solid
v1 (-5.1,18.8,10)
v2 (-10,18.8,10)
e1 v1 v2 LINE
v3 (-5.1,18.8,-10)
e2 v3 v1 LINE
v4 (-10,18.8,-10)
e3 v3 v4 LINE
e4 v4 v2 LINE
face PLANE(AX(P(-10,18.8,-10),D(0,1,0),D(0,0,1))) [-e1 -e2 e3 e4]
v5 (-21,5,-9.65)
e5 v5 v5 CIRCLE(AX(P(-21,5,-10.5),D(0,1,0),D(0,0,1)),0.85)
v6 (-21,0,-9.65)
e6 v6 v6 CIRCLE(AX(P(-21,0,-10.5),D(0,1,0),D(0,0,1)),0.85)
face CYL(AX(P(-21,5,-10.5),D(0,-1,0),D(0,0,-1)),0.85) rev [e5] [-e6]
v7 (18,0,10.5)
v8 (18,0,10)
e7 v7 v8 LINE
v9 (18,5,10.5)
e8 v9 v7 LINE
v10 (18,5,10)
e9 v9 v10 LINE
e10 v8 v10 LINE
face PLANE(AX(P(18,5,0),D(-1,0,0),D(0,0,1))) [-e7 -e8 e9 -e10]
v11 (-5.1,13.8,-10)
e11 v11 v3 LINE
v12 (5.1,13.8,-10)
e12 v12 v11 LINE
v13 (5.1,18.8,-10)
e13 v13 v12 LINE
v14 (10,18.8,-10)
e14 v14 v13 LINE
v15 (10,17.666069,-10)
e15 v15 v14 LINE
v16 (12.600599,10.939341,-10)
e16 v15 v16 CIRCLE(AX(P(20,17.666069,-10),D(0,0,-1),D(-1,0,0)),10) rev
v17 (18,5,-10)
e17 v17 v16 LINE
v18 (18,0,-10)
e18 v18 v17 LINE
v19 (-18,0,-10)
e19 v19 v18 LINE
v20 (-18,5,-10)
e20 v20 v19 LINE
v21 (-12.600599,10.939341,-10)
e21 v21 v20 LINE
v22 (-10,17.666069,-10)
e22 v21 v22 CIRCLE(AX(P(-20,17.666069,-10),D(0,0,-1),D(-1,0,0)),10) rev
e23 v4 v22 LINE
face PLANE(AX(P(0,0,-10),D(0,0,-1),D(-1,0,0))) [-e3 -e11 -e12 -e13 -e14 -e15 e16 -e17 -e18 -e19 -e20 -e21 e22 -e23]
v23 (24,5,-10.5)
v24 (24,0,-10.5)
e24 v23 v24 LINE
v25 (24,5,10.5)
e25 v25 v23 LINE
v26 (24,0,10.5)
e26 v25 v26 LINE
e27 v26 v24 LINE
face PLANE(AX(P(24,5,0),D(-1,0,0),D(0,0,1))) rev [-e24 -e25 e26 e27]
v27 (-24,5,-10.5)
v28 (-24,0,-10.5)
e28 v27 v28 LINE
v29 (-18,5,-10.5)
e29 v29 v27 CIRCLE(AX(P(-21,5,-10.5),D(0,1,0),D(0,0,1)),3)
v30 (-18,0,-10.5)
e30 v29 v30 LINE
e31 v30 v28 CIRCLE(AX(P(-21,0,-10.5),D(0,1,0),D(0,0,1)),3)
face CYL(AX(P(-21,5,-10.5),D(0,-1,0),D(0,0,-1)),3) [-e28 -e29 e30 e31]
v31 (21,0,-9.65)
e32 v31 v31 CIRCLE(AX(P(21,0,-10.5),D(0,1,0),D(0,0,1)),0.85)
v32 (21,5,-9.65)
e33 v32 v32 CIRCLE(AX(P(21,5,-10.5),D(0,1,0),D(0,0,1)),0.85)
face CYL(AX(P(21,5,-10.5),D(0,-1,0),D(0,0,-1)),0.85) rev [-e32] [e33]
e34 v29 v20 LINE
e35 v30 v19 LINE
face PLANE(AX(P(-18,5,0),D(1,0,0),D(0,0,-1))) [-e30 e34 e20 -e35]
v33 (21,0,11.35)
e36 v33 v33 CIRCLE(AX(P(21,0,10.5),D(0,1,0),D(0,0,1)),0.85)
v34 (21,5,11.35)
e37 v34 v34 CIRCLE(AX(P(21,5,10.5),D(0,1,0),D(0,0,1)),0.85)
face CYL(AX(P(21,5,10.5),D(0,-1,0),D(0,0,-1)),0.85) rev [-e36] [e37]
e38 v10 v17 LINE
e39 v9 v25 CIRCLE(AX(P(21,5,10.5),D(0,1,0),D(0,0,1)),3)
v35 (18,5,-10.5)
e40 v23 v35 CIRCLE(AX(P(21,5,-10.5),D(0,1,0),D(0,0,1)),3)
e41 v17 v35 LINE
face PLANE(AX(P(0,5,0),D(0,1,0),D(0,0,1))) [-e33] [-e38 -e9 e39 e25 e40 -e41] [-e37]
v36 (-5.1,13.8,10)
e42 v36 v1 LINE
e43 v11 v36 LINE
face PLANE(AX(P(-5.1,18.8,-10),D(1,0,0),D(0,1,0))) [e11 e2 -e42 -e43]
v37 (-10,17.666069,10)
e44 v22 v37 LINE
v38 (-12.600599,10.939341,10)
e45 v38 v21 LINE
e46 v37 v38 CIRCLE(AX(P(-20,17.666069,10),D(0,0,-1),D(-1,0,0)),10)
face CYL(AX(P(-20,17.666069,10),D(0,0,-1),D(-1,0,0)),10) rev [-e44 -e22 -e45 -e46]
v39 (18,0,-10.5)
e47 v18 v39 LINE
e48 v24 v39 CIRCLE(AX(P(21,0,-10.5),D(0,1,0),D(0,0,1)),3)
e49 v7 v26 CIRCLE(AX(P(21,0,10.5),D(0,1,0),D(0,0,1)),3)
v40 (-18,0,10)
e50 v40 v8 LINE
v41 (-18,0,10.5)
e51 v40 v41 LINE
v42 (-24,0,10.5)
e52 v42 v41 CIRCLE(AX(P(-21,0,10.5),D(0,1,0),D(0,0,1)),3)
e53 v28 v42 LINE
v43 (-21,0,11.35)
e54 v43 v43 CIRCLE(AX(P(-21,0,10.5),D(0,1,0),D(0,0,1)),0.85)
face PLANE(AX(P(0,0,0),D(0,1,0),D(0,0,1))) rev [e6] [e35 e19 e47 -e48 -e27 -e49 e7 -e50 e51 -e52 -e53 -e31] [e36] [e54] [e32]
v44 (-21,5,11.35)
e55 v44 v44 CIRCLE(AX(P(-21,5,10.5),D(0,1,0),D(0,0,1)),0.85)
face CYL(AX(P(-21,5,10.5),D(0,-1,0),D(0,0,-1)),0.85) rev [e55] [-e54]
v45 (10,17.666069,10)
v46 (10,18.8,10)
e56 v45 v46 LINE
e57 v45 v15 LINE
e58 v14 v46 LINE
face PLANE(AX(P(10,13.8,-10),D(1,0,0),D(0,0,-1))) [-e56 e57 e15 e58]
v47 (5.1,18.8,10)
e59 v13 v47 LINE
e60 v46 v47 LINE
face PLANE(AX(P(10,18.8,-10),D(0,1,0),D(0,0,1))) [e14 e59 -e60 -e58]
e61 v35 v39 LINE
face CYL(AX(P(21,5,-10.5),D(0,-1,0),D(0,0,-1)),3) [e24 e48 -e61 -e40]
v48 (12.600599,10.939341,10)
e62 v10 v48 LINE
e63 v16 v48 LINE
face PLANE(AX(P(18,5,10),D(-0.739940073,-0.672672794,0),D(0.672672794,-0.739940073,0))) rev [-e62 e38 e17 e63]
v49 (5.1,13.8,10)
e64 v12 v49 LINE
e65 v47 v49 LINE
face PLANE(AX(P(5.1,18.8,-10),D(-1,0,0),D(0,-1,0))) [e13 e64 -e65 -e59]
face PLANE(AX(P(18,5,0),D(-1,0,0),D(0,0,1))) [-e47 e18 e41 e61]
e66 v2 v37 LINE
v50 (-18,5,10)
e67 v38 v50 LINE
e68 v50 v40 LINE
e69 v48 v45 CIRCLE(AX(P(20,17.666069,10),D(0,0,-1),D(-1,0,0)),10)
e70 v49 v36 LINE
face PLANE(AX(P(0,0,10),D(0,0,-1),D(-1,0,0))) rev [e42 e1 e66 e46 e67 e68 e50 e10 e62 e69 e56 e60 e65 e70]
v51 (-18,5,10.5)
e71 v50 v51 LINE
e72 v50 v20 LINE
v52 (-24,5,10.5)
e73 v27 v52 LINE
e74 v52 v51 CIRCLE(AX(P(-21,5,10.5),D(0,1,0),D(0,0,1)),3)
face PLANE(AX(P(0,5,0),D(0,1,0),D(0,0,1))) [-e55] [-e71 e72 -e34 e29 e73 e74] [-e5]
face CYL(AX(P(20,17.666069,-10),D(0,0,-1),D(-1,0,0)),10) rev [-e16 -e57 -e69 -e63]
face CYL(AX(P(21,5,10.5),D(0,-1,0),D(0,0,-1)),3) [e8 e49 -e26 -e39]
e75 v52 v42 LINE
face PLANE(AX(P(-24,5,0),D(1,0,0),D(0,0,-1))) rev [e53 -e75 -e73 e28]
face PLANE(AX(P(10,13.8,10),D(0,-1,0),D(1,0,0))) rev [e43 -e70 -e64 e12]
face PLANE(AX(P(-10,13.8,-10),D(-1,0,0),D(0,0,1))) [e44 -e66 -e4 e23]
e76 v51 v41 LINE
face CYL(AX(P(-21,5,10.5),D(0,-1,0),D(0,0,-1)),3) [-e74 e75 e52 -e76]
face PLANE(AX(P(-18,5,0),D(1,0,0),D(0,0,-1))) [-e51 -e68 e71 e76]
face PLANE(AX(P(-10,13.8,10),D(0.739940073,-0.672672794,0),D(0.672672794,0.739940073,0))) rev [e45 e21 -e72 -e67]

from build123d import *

# Parameters (mm, degrees)
SKETCH_1_R           = 0.85
EXTRUDE_1_DEPTH      = 5
EXTRUDE_1_2_DEPTH    = 5
EXTRUDE_2_DEPTH      = 10
EXTRUDE_3_DEPTH      = 10
EXTRUDE_3_DEPTH_BACK = 10
SKETCH_3_W           = 4.9
SKETCH_3_H           = 5
FILLET_1_R           = 10


with BuildPart() as part:
    # ｽｹｯﾁ1 → ﾎﾞｽ - 押し出し1 (new body)
    with BuildSketch(Plane(origin=(0, 0, 0), x_dir=(1, 0, 0), z_dir=(0, 1, 0))):
        with BuildLine():
            Line((-18, -10.5), (-18, 10.5))
            ThreePointArc((-18, 10.5), (-21, 13.5), (-24, 10.5))
            Line((-24, 10.5), (-24, -10.5))
            ThreePointArc((-24, -10.5), (-21, -13.5), (-18, -10.5))
        make_face()
        with Locations((-21, -10.5)):
            Circle(SKETCH_1_R, mode=Mode.SUBTRACT)
        with Locations((-21, 10.5)):
            Circle(SKETCH_1_R, mode=Mode.SUBTRACT)
    extrude(amount=EXTRUDE_1_DEPTH)



with BuildPart() as body_2:
    # ｽｹｯﾁ1 → Extrude 1 2 (new body)
    with BuildSketch(Plane(origin=(0, 0, 0), x_dir=(1, 0, 0), z_dir=(0, 1, 0))):
        with BuildLine():
            ThreePointArc((24, 10.5), (21, 13.5), (18, 10.5))
            Line((18, 10.5), (18, -10.5))
            ThreePointArc((18, -10.5), (21, -13.5), (24, -10.5))
            Line((24, -10.5), (24, 10.5))
        make_face()
        with Locations((21, -10.5)):
            Circle(SKETCH_1_R, mode=Mode.SUBTRACT)
        with Locations((21, 10.5)):
            Circle(SKETCH_1_R, mode=Mode.SUBTRACT)
    extrude(amount=EXTRUDE_1_2_DEPTH)


with BuildPart() as part_1:
    add(part.part)

    add(body_2.part)  # ﾎﾞｽ - 押し出し2 merges body 2
    # ｽｹｯﾁ2 → ﾎﾞｽ - 押し出し2 (add, symmetric)
    with BuildSketch(Plane.XY):
        Polygon((-18, 5), (-18, 0), (18, 0), (18, 5), (10, 13.8), (-10, 13.8), align=None)
    extrude(amount=EXTRUDE_2_DEPTH, both=True)

    # ｽｹｯﾁ3 → ﾎﾞｽ - 押し出し3 (add, two sides: drawn at the far end of the back side and taken through both)
    with BuildSketch(Plane.XY.offset(-EXTRUDE_3_DEPTH_BACK)):
        with Locations((-7.55, 16.3)):
            Rectangle(SKETCH_3_W, SKETCH_3_H)
        with Locations((7.55, 16.3)):
            Rectangle(SKETCH_3_W, SKETCH_3_H)
    extrude(amount=EXTRUDE_3_DEPTH + EXTRUDE_3_DEPTH_BACK)

    # ﾌｨﾚｯﾄ1
    fillet_1_edges = [part_1.edges().sort_by_distance(p)[0] for p in [
        (10, 13.8, 0),
        (-10, 13.8, 0),
    ]]
    fillet(fillet_1_edges, radius=FILLET_1_R)


solid = part_1.part
